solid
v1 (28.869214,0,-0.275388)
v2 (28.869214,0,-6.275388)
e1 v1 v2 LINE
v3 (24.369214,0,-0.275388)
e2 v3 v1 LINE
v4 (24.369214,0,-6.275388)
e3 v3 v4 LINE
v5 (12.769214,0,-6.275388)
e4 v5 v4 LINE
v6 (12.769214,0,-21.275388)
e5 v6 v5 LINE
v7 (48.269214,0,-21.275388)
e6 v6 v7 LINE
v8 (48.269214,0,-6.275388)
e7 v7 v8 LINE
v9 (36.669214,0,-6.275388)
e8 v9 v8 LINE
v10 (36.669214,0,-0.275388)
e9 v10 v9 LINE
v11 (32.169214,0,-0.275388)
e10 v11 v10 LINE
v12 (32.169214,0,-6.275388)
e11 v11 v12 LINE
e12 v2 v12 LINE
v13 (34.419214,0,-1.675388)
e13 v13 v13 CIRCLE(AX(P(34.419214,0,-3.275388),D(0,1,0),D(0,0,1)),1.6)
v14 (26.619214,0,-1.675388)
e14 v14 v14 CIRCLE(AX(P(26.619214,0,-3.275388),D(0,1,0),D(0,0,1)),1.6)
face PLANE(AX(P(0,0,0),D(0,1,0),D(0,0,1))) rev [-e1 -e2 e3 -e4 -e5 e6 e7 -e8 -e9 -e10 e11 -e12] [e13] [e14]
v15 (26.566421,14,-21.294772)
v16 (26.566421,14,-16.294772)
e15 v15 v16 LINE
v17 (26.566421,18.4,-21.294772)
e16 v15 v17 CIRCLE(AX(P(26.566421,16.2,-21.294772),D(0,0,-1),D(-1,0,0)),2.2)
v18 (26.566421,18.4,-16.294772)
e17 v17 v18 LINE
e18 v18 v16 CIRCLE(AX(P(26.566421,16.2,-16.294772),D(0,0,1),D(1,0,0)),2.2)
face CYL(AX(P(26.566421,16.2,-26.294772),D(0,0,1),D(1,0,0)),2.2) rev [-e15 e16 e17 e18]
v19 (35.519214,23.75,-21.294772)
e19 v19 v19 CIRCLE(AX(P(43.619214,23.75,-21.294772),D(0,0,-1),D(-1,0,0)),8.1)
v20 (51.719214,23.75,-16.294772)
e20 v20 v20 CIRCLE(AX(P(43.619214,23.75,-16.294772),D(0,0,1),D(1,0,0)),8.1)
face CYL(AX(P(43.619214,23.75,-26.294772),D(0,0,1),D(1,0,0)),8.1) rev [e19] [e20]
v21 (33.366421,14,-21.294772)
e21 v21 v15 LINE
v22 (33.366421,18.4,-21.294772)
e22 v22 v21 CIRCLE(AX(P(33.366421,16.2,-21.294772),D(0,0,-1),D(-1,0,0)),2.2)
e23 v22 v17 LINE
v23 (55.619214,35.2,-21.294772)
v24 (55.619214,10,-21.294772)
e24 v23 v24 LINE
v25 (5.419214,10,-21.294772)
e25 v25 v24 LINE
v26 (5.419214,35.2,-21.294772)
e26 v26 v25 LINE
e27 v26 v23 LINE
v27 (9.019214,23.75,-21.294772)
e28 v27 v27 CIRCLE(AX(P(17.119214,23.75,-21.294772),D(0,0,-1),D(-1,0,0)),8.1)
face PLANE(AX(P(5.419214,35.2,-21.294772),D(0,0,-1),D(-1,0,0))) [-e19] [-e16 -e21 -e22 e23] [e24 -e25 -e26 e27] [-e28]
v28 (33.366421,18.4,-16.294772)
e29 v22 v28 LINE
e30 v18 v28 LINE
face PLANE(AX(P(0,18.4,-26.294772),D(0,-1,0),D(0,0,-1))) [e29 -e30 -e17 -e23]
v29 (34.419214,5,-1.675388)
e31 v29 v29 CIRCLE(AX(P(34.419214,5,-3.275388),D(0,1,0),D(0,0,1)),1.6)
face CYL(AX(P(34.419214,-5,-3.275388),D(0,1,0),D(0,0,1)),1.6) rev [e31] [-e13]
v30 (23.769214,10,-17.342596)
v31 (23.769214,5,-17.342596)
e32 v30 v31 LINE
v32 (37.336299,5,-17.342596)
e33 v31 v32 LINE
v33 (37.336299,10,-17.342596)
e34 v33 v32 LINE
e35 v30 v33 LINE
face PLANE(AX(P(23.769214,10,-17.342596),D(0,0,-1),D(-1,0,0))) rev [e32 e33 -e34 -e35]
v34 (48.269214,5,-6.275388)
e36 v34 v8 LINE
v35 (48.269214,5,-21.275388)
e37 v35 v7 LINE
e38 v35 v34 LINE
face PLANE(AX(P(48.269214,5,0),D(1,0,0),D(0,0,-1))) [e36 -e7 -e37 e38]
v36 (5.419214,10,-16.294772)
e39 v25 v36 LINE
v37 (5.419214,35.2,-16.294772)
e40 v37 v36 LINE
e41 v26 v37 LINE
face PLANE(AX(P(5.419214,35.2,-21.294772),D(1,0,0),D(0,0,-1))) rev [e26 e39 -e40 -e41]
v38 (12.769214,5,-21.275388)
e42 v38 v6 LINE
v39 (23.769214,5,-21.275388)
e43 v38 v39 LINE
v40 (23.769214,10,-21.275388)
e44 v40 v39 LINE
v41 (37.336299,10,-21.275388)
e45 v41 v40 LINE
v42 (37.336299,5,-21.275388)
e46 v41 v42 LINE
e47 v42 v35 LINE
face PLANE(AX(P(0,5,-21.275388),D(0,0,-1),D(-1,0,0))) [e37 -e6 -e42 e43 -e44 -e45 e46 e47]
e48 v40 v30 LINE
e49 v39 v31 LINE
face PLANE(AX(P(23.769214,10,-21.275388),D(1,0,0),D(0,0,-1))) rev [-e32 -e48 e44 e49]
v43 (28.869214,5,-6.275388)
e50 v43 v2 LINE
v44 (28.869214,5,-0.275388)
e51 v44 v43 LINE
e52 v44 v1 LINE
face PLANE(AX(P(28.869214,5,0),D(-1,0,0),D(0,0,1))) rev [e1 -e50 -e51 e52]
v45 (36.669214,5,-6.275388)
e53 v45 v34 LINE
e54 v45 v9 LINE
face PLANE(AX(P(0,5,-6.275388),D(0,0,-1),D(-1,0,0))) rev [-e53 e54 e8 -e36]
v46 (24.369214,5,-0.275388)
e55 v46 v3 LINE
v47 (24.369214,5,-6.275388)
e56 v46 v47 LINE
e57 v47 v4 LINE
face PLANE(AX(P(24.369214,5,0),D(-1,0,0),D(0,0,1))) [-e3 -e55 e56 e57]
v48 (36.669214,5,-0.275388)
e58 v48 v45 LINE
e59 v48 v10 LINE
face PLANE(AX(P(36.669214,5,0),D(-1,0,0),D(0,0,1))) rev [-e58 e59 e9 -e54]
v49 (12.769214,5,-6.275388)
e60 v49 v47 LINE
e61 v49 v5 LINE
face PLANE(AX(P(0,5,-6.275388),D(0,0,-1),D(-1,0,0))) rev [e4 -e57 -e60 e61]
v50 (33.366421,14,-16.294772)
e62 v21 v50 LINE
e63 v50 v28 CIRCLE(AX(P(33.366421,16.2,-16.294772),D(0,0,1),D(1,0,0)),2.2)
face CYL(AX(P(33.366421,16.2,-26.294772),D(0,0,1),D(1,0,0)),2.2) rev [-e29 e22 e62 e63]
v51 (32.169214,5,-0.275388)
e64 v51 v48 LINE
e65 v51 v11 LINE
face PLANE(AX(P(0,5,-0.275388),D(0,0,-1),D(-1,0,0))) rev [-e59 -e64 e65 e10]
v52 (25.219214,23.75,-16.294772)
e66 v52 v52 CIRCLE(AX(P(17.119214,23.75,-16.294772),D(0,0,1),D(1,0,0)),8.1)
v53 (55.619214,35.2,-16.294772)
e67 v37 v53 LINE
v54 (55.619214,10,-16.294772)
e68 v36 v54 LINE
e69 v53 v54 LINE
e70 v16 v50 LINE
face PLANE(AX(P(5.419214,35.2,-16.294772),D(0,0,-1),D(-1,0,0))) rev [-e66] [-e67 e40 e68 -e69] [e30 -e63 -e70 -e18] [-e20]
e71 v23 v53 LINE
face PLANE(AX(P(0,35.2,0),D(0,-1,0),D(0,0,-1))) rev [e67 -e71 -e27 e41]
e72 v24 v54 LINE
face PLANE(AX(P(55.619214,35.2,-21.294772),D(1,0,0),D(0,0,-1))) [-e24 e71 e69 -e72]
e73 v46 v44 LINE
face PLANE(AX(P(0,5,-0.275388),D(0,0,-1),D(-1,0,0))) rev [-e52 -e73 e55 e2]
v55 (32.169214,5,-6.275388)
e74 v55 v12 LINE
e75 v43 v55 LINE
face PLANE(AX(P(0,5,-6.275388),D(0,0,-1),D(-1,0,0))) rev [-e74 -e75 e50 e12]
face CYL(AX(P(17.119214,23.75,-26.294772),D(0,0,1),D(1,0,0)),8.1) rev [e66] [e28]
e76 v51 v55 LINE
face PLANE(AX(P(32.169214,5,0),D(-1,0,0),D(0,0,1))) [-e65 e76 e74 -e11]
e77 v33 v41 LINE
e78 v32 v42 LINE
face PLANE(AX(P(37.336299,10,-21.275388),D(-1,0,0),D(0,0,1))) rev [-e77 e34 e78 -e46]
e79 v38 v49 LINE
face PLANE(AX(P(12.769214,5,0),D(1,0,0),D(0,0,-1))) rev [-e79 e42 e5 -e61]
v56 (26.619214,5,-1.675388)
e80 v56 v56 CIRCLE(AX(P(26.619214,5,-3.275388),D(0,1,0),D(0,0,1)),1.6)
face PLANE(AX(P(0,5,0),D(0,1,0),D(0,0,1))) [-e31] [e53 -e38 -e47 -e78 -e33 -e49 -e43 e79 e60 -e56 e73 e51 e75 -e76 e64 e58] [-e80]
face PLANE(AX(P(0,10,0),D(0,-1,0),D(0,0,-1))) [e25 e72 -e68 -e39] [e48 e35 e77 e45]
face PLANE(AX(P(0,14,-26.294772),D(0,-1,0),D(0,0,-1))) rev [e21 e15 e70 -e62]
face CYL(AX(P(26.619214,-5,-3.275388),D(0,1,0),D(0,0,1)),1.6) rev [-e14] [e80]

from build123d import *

# Parameters (mm, degrees)
BOSS_EXTRUDE7_DEPTH = 5
SKETCH5_W           = 13.567085075
SKETCH5_H           = 3.932792286
BOSS_EXTRUDE8_DEPTH = 5
SKETCH6_W           = 50.2
SKETCH6_H           = 5
BOSS_EXTRUDE9_DEPTH = 25.2
SKETCH7_R           = 8.1
CUT_EXTRUDE1_DEPTH  = 10
CUT_EXTRUDE2_DEPTH  = 10
SKETCH9_R           = 1.6
CUT_EXTRUDE4_DEPTH  = 10


with BuildPart() as part:
    # Sketch1 → Boss-Extrude7 (new body)
    with BuildSketch(Plane(origin=(0, 0, 0), x_dir=(1, 0, 0), z_dir=(0, 1, 0))):
        Polygon((12.769214264, 6.275388257), (24.369214264, 6.275388257), (24.369214264, 0.275388257), (28.869214264, 0.275388257), (28.869214264, 6.275388257), (32.169214264, 6.275388257), (32.169214264, 0.275388257), (36.669214264, 0.275388257), (36.669214264, 6.275388257), (48.269214264, 6.275388257), (48.269214264, 21.275388257), (12.769214264, 21.275388257), align=None)
    extrude(amount=BOSS_EXTRUDE7_DEPTH)

    # Sketch5 → Boss-Extrude8 (add)
    with BuildSketch(Plane(origin=(0, 5, 0), x_dir=(1, 0, 0), z_dir=(0, 1, 0))):
        with Locations((30.552756802, 19.308992114)):
            Rectangle(SKETCH5_W, SKETCH5_H)
    extrude(amount=BOSS_EXTRUDE8_DEPTH)

    # Sketch6 → Boss-Extrude9 (add)
    with BuildSketch(Plane(origin=(1.124638213, 10, 0), x_dir=(1, 0, 0), z_dir=(0, 1, 0))):
        with Locations((29.394576051, 18.794771585)):
            Rectangle(SKETCH6_W, SKETCH6_H)
    extrude(amount=BOSS_EXTRUDE9_DEPTH)

    # Sketch7 → Cut-Extrude1 (cut)
    with BuildSketch(Plane.XY.offset(-16.294771585)):
        with Locations((43.619214264, 23.75)):
            Circle(SKETCH7_R)
        with Locations((17.119214264, 23.75)):
            Circle(SKETCH7_R)
    extrude(amount=-CUT_EXTRUDE1_DEPTH, mode=Mode.SUBTRACT)

    # Sketch7<3> → Cut-Extrude2 (cut)
    with BuildSketch(Plane.XY.offset(-16.294771585)):
        with BuildLine():
            Line((33.366421185, 18.4), (26.566421185, 18.4))
            ThreePointArc((26.566421185, 18.4), (24.366421185, 16.2), (26.566421185, 14))
            Line((26.566421185, 14), (33.366421185, 14))
            ThreePointArc((33.366421185, 14), (35.566421185, 16.2), (33.366421185, 18.4))
        make_face()
    extrude(amount=-CUT_EXTRUDE2_DEPTH, mode=Mode.SUBTRACT)

    # Sketch9 → Cut-Extrude4 (cut)
    with BuildSketch(Plane(origin=(0, 5, 0), x_dir=(1, 0, 0), z_dir=(0, 1, 0))):
        with Locations((26.619214264, 3.275388257)):
            Circle(SKETCH9_R)
        with Locations((34.419214264, 3.275388257)):
            Circle(SKETCH9_R)
    extrude(amount=-CUT_EXTRUDE4_DEPTH, mode=Mode.SUBTRACT)


solid = part.part
